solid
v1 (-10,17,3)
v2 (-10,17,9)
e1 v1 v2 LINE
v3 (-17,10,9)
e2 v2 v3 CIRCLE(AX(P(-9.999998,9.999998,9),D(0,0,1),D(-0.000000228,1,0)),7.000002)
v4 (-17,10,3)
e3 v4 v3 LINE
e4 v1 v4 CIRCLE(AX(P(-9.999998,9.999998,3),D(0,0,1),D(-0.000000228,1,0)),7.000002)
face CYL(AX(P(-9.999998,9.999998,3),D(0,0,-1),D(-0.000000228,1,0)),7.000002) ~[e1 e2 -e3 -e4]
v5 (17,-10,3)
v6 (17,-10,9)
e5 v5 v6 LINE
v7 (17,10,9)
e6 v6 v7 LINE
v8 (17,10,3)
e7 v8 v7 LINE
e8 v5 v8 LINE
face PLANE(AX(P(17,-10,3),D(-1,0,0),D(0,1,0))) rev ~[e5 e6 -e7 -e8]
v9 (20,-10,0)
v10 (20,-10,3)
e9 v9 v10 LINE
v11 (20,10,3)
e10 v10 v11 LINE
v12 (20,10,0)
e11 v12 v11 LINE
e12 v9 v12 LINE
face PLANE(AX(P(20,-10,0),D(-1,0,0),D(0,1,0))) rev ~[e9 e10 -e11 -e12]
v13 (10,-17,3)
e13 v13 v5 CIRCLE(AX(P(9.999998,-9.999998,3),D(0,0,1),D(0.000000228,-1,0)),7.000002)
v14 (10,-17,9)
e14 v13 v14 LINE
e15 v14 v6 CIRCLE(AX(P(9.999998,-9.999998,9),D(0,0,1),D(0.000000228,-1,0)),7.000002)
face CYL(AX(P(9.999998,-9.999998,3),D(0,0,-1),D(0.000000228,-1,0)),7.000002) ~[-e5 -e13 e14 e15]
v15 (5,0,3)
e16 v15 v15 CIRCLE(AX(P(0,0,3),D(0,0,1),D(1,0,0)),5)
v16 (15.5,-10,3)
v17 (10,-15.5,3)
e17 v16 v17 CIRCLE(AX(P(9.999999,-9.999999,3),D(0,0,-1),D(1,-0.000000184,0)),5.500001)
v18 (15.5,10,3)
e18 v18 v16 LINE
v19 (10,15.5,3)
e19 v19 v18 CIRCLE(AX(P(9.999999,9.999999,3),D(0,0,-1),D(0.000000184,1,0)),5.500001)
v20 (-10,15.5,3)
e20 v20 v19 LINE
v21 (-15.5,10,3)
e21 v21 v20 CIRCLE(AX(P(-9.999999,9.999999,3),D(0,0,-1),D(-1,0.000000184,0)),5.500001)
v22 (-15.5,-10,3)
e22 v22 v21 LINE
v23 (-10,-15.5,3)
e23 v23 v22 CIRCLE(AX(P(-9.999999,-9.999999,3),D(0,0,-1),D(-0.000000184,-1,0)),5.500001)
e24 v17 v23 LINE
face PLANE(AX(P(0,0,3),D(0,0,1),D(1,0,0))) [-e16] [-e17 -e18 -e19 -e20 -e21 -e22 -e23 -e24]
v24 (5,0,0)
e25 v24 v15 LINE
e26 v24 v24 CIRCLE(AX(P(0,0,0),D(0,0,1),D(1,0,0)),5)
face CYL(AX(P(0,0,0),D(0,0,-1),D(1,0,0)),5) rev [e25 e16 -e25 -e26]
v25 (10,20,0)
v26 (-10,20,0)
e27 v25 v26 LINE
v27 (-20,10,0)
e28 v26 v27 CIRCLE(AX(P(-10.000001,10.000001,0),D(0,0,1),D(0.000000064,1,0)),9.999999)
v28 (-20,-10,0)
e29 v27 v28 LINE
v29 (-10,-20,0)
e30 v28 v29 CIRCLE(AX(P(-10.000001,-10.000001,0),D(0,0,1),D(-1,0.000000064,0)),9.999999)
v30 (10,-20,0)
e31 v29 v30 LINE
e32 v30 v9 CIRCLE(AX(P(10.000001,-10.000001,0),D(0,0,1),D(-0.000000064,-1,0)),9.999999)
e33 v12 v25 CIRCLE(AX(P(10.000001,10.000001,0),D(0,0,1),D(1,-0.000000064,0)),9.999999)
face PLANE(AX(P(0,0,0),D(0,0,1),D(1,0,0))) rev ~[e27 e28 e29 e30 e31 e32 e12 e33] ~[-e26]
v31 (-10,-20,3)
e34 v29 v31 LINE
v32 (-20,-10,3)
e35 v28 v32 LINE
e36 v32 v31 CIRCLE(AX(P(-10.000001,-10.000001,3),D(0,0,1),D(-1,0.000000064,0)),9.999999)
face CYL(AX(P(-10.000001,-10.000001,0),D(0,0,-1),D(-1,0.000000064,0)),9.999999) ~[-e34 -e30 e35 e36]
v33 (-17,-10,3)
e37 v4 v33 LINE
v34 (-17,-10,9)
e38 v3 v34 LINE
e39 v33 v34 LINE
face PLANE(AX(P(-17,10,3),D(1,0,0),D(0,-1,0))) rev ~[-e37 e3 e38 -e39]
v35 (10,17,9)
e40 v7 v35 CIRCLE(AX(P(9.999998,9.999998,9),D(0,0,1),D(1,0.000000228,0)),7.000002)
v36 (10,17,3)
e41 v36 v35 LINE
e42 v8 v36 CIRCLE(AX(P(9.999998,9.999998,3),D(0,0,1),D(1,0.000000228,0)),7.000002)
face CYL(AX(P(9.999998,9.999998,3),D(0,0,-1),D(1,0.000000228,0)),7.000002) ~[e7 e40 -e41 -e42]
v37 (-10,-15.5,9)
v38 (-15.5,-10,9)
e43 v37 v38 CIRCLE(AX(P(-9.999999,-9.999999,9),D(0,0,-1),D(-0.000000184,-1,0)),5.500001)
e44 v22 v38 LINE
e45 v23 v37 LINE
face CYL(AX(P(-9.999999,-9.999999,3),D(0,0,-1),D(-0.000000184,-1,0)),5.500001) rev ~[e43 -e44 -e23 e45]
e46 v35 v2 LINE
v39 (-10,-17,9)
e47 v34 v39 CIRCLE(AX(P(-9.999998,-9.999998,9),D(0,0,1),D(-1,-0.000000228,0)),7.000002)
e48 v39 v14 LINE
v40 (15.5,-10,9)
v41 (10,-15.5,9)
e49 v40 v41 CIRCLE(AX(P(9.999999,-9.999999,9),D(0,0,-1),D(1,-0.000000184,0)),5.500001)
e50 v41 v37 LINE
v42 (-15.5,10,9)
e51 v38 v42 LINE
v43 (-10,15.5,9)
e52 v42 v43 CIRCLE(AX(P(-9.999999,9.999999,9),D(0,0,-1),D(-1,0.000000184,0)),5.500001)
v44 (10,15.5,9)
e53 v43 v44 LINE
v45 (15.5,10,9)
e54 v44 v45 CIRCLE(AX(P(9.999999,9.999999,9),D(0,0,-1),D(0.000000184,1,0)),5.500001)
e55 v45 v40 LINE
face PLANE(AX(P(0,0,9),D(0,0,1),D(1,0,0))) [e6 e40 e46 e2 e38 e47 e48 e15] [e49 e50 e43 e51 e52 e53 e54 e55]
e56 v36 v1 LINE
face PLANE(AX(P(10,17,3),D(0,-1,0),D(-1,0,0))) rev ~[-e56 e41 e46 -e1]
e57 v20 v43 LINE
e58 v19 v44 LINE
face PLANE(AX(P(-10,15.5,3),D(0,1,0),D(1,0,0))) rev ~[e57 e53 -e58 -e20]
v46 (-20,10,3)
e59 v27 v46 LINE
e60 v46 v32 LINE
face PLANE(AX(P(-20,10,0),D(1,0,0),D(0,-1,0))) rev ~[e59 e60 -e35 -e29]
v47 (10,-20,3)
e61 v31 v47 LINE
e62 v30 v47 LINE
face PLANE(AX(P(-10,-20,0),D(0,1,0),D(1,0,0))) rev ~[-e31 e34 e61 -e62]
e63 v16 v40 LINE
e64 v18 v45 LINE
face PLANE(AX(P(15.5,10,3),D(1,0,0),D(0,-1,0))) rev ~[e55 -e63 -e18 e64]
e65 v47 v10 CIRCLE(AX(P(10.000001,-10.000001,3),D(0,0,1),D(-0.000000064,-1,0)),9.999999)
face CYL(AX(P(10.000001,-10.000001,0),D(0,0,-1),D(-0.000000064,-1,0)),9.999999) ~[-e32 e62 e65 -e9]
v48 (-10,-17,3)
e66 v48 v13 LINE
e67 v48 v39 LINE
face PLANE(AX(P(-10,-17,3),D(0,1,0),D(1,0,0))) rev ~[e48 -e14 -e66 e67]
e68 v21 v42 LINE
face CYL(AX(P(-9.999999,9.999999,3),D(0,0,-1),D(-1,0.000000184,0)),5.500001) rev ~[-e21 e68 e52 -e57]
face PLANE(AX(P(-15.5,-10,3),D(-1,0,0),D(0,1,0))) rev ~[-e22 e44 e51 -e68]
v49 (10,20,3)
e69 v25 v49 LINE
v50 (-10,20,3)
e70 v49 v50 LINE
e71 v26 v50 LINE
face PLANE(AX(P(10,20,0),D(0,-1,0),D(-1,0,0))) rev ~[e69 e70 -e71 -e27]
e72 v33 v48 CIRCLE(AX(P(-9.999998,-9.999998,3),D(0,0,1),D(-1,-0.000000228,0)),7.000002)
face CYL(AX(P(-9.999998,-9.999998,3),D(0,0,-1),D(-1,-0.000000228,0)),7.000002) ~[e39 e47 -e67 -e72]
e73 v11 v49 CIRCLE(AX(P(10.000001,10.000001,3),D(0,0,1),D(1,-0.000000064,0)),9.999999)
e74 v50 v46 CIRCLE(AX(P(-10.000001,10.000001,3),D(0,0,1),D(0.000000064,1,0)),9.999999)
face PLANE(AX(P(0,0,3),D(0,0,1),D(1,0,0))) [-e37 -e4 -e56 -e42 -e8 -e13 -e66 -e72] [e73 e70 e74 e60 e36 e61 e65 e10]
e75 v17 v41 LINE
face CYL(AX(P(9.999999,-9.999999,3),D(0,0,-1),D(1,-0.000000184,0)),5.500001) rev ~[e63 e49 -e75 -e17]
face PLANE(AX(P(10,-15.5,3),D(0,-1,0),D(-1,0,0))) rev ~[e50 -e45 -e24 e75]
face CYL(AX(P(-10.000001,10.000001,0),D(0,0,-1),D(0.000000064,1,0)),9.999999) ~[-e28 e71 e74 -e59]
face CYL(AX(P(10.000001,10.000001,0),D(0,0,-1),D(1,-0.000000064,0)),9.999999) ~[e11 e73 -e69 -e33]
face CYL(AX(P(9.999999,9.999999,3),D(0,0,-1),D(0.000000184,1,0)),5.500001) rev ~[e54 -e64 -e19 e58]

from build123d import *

# Parameters (mm, degrees)
F0_R     = 5
F1_DEPTH = 3
F3_DEPTH = 6


with BuildPart() as f1:
    # F0 (on Top) → F1 (new body)
    with BuildSketch(Plane.XY):
        with BuildLine():
            ThreePointArc((20, 10), (17.071068, 17.071068), (10, 20))
            Line((10, 20), (-10, 20))
            ThreePointArc((-10, 20), (-17.071068, 17.071068), (-20, 10))
            Line((-20, 10), (-20, -10))
            ThreePointArc((-20, -10), (-17.071068, -17.071068), (-10, -20))
            Line((-10, -20), (10, -20))
            ThreePointArc((10, -20), (17.071068, -17.071068), (20, -10))
            Line((20, -10), (20, 10))
        make_face()
        Circle(F0_R, mode=Mode.SUBTRACT)
    extrude(amount=F1_DEPTH)

    # F2 (on face) → F3 (join)
    with BuildSketch(Plane.XY.offset(3)):
        with BuildLine():
            ThreePointArc((17, 10), (14.949747, 14.949747), (10, 17))
            Line((10, 17), (-10, 17))
            ThreePointArc((-10, 17), (-14.949747, 14.949747), (-17, 10))
            Line((-17, 10), (-17, -10))
            ThreePointArc((-17, -10), (-14.949747, -14.949747), (-10, -17))
            Line((-10, -17), (10, -17))
            ThreePointArc((10, -17), (14.949747, -14.949747), (17, -10))
            Line((17, -10), (17, 10))
        make_face()
        with BuildLine():
            Line((-10, 15.5), (10, 15.5))
            ThreePointArc((10, 15.5), (13.889087, 13.889087), (15.5, 10))
            Line((15.5, 10), (15.5, -10))
            ThreePointArc((15.5, -10), (13.889087, -13.889087), (10, -15.5))
            Line((10, -15.5), (-10, -15.5))
            ThreePointArc((-10, -15.5), (-13.889087, -13.889087), (-15.5, -10))
            Line((-15.5, -10), (-15.5, 10))
            ThreePointArc((-15.5, 10), (-13.889087, 13.889087), (-10, 15.5))
        make_face(mode=Mode.SUBTRACT)
    extrude(amount=F3_DEPTH)


solid = f1.part
